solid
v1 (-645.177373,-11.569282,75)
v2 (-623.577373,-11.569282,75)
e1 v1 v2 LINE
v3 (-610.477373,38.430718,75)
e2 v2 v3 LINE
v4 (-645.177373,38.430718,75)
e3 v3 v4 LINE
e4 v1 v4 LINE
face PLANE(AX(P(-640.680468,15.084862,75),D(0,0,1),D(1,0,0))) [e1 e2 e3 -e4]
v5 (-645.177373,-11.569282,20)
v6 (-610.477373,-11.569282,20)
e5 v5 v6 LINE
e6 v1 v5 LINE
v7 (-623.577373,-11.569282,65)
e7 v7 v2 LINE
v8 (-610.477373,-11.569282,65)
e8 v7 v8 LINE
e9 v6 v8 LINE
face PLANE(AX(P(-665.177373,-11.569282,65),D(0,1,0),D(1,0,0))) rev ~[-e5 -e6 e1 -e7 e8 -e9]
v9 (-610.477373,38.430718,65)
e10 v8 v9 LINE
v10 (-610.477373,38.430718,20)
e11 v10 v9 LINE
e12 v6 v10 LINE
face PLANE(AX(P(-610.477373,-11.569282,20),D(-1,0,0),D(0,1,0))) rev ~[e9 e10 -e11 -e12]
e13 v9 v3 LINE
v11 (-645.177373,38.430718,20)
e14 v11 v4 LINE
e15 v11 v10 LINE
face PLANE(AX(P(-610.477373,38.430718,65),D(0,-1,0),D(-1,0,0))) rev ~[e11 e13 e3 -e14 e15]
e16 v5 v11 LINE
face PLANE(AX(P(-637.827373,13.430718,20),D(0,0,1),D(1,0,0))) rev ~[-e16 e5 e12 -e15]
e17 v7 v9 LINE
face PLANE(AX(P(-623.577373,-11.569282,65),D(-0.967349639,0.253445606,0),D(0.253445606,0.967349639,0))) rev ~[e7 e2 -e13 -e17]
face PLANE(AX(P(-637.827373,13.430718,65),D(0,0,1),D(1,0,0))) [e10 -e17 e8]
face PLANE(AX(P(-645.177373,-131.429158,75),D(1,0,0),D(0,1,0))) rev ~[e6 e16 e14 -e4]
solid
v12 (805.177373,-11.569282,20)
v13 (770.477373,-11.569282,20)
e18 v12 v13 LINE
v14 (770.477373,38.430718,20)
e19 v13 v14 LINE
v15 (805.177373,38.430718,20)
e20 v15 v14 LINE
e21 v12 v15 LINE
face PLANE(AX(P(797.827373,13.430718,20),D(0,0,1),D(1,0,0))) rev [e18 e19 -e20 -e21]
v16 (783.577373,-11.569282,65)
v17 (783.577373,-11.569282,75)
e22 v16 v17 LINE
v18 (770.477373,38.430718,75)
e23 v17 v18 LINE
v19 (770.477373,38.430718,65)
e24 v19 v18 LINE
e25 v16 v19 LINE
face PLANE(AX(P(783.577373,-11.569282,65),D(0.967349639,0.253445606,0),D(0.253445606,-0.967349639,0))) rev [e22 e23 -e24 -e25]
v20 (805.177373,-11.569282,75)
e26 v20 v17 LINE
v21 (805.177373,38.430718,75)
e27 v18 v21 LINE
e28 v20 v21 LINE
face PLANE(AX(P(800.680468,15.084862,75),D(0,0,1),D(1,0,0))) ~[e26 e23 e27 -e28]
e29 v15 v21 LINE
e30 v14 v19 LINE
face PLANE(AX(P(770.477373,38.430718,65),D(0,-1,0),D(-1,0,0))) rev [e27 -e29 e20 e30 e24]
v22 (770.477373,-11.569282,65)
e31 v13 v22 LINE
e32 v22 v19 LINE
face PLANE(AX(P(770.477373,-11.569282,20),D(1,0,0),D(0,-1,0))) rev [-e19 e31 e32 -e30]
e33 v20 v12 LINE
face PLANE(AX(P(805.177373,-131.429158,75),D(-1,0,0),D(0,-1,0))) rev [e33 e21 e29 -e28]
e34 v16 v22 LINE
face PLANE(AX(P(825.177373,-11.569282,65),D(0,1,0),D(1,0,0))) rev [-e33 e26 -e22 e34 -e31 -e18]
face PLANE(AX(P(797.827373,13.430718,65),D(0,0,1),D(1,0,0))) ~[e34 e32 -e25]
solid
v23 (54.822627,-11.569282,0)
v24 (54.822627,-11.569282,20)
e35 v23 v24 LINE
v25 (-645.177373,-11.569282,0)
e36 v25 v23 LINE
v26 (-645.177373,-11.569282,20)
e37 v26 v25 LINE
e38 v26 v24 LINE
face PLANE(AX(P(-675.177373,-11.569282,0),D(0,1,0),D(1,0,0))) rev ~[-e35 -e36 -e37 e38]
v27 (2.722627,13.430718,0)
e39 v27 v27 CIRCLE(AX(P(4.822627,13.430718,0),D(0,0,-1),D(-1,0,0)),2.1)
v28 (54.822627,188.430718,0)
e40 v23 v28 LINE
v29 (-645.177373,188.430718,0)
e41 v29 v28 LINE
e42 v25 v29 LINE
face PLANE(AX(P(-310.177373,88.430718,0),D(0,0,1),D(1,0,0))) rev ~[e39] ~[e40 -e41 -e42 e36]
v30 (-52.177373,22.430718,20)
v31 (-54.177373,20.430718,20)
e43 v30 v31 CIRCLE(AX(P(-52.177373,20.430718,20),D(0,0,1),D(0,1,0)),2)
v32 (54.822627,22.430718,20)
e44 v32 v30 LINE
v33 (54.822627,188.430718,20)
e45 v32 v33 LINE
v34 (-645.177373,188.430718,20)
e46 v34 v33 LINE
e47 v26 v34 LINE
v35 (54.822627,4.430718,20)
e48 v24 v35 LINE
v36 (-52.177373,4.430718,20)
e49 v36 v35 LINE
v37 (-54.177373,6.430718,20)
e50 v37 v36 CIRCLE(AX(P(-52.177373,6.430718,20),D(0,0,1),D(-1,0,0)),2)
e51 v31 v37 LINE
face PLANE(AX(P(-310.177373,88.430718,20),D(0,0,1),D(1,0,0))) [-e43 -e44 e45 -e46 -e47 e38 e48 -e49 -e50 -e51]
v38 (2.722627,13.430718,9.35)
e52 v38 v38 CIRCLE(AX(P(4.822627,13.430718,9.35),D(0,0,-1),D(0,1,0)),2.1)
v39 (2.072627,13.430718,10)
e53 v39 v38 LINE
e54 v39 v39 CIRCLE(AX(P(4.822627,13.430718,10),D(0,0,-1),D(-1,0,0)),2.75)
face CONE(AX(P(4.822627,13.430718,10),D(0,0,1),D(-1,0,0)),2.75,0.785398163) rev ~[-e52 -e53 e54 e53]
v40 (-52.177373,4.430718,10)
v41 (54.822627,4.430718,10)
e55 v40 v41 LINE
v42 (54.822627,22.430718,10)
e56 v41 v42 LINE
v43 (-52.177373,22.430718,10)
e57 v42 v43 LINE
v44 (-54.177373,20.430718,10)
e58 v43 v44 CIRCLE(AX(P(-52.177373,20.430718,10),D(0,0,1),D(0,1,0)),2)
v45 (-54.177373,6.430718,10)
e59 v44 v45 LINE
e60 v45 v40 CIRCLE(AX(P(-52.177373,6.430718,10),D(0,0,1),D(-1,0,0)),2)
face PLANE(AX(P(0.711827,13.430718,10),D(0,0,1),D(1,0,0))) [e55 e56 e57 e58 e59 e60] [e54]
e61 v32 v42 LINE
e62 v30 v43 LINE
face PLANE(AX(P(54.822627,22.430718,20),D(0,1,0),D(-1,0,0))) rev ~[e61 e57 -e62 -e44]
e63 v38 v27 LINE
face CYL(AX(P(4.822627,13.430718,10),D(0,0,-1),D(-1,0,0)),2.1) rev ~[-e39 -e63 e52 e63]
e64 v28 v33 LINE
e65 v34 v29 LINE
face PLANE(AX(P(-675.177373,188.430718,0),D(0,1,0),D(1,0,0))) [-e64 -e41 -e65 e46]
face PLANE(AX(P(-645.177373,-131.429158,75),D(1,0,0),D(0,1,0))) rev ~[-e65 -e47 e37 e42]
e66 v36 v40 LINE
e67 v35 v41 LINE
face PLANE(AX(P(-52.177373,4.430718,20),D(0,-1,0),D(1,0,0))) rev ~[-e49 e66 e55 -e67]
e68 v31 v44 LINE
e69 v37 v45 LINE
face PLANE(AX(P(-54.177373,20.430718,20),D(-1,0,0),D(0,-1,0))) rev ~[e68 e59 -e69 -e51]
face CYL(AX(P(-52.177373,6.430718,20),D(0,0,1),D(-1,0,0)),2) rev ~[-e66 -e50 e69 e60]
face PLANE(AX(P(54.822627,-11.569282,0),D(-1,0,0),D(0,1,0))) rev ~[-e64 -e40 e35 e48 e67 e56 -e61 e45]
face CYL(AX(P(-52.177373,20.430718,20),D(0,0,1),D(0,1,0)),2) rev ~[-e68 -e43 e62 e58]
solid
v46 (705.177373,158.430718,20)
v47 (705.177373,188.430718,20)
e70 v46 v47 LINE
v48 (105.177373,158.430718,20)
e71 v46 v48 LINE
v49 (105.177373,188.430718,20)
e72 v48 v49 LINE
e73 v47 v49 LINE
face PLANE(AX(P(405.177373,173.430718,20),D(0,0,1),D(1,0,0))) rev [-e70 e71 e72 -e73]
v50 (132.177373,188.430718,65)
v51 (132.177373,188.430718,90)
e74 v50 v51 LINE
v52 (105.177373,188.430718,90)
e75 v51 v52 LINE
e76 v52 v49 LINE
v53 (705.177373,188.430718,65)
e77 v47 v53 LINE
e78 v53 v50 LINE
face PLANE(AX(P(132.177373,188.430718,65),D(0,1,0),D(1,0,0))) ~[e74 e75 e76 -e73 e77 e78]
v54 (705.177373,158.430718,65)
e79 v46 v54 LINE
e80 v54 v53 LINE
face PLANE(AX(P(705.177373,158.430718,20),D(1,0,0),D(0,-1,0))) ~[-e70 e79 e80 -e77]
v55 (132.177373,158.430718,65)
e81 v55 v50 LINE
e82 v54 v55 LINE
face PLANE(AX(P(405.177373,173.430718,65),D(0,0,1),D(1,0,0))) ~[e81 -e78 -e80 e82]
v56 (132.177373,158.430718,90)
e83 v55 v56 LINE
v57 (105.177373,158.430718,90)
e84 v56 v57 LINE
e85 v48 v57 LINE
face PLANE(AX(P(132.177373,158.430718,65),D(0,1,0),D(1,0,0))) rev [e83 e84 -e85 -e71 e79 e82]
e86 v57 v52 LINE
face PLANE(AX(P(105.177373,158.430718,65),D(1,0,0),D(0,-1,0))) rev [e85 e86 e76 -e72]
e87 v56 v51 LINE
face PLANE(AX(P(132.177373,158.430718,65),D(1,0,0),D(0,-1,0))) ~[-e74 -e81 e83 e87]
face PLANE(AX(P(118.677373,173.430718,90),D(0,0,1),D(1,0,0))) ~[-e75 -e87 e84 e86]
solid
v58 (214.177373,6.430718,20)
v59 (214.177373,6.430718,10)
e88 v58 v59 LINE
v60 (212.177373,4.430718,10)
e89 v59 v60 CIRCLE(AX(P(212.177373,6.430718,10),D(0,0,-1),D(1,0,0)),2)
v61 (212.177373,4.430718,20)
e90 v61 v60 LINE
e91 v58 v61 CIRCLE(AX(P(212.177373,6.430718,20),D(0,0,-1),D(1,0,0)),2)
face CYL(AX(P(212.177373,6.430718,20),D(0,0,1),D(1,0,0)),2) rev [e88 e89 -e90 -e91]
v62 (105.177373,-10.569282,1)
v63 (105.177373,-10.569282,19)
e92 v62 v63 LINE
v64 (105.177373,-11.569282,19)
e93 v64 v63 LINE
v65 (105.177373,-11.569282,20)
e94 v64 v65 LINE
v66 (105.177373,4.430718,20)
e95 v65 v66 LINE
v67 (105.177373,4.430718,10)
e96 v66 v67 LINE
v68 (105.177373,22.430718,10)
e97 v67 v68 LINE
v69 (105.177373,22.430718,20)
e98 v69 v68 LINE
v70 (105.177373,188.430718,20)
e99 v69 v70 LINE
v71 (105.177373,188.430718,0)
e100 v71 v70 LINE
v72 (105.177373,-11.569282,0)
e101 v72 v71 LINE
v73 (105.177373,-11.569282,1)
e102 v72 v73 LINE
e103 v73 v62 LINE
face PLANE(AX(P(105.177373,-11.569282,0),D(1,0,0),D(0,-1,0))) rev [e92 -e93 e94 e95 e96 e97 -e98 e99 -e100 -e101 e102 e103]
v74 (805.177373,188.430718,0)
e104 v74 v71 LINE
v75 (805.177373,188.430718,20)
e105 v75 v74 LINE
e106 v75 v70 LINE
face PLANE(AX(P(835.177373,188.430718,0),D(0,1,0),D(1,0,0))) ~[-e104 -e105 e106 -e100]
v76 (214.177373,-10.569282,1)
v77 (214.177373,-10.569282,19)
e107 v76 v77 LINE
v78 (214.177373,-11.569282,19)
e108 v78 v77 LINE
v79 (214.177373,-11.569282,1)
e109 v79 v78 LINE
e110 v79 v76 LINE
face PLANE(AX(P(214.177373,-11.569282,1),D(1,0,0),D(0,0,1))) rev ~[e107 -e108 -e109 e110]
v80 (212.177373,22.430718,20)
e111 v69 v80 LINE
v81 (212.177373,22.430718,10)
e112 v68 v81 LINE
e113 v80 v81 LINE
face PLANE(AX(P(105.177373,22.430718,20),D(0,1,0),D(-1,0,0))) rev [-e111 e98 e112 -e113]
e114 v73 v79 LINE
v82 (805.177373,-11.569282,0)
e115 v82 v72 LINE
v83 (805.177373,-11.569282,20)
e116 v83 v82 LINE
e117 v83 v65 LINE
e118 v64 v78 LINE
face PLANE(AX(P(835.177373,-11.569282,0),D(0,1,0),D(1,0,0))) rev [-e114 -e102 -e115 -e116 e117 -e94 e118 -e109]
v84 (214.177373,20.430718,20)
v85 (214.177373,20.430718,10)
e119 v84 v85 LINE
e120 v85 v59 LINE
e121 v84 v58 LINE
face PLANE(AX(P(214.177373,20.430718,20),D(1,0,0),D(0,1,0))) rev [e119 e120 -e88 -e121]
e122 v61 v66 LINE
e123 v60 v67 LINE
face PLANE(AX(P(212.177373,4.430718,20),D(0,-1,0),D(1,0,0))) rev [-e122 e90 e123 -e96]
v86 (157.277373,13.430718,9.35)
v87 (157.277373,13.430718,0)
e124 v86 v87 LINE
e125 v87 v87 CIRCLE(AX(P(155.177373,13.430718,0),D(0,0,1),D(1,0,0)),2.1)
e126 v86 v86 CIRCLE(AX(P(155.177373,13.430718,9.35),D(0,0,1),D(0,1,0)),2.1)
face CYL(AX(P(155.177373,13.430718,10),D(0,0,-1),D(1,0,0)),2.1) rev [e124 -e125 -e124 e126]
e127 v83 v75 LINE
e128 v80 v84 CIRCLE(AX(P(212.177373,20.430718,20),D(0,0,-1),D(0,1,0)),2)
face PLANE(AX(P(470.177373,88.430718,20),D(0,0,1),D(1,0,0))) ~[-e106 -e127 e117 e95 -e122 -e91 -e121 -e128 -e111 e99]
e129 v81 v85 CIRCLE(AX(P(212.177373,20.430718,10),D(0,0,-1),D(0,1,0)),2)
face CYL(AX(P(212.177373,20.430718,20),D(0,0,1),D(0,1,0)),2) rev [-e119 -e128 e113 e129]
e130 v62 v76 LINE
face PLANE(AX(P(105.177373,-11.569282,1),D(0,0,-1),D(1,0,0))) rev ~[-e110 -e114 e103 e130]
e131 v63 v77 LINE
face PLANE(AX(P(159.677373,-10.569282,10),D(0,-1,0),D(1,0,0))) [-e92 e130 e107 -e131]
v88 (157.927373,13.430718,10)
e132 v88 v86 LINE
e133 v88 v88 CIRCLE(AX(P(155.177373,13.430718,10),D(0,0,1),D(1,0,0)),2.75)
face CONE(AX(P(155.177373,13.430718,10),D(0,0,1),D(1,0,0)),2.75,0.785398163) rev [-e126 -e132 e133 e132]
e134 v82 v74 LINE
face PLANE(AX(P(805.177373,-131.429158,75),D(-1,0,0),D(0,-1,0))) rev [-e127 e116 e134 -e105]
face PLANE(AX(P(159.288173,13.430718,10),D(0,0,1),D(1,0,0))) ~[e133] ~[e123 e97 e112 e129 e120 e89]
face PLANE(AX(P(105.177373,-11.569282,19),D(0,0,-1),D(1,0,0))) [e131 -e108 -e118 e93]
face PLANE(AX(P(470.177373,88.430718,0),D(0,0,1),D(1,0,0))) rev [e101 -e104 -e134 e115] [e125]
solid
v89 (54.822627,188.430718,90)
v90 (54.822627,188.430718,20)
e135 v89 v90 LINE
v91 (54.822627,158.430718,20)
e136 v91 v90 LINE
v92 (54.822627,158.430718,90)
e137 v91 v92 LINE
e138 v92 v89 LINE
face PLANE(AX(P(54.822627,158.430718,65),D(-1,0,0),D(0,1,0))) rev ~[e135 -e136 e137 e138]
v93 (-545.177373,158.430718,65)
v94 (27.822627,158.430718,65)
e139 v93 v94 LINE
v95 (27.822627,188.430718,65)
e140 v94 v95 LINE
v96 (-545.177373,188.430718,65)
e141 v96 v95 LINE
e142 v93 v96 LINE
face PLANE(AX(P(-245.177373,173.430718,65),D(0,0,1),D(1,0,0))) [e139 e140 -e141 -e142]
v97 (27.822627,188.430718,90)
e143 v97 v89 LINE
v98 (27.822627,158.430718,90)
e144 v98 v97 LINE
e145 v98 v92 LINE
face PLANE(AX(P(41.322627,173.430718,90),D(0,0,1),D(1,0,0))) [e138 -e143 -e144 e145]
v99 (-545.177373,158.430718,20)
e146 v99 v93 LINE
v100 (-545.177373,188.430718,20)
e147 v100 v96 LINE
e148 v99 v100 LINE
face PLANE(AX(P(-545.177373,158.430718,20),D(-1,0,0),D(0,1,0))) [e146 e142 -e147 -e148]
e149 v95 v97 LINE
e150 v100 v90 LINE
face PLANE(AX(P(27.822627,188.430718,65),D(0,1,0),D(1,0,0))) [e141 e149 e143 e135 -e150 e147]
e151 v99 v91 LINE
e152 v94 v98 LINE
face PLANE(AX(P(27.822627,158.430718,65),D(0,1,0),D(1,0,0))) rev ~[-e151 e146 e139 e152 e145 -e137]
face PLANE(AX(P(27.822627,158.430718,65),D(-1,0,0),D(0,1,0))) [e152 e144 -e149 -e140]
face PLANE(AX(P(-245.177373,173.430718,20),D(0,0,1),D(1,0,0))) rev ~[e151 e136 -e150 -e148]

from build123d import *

# Parameters (mm, degrees)
F0_W            = 730
F0_H            = 200
F1_DEPTH        = 20
F2_W            = 600
F2_H            = 30
F3_DEPTH        = 45
F4_W            = 27
F4_H            = 30
F5_DEPTH        = 25
F6_W            = 54.7
F6_H            = 50
F7_DEPTH        = 45
F9_DEPTH        = 10
F11_DEPTH       = 10
F13_D           = 4.2
F13_CSINK_D     = 5.5
F13_CSINK_ANGLE = 90
F14_W           = 20
F14_H           = 50
F15_DEPTH       = 75.001
F18_W           = 109
F18_H           = 18
F19_DEPTH       = 1


with BuildPart() as f1:
    # F0 (on Top) → F1 (new body)
    with BuildSketch(Plane.XY):
        with Locations((-310.177372545, 88.43071796)):
            Rectangle(F0_W, F0_H)
    extrude(amount=F1_DEPTH)

    # F10 (on face) → F11 (cut)
    with BuildSketch(Plane.XY.offset(20)):
        with BuildLine():
            Line((54.822627455, 4.43071796), (54.822627455, 22.43071796))
            Line((54.822627455, 22.43071796), (-52.177372545, 22.43071796))
            ThreePointArc((-52.177372545, 22.43071796), (-53.5915861074, 21.8449315224), (-54.177372545, 20.43071796))
            Line((-54.177372545, 20.43071796), (-54.177372545, 6.43071796))
            ThreePointArc((-54.177372545, 6.43071796), (-53.5915861074, 5.0165043976), (-52.177372545, 4.43071796))
            Line((-52.177372545, 4.43071796), (54.822627455, 4.43071796))
        make_face()
    extrude(amount=-F11_DEPTH, mode=Mode.SUBTRACT)

    # F13 (through all)
    with Locations(Plane.XY.offset(10)):
        with Locations((4.822627455, 13.43071796)):
            CounterSinkHole(F13_D / 2, F13_CSINK_D / 2, counter_sink_angle=F13_CSINK_ANGLE)


with BuildPart() as f3:
    # F2 (on face) → F3 (new body)
    with BuildSketch(Plane.XY.offset(20)):
        with Locations((-245.177372545, 173.43071796)):
            Rectangle(F2_W, F2_H)
    extrude(amount=F3_DEPTH)

    # F4 (on face) → F5 (join)
    with BuildSketch(Plane.XY.offset(65)):
        with Locations((41.322627455, 173.43071796)):
            Rectangle(F4_W, F4_H)
    extrude(amount=F5_DEPTH)


with BuildPart() as f7:
    # F6 (on face) → F7 (new body)
    with BuildSketch(Plane.XY.offset(20)):
        with Locations((-637.827372545, 13.43071796)):
            Rectangle(F6_W, F6_H)
    extrude(amount=F7_DEPTH)

    # F8 (on face) → F9 (join)
    with BuildSketch(Plane.XY.offset(65)):
        Polygon((-610.477372545, 38.43071796), (-665.177372545, 38.43071796), (-665.177372545, -11.56928204), (-623.577372545, -11.56928204), align=None)
    extrude(amount=F9_DEPTH)


with BuildPart() as f15_tool:
    # F14 (on face) → F15 (new body, through all)
    with BuildSketch(Plane.XY.offset(75)):
        Polygon((-645.177372545, 305.616747176), (-700.3073955111, 305.616747176), (-700.3073955111, -131.4291577393), (-645.177372545, -131.4291577393), (-645.177372545, -11.56928204), (-665.177372545, -11.56928204), (-665.177372545, 38.43071796), (-645.177372545, 38.43071796), align=None)
        with Locations((-655.177372545, 13.43071796)):
            Rectangle(F14_W, F14_H)
    extrude(amount=-F15_DEPTH)


with BuildPart() as f1_1:
    add(f1.part)

    # F15: cut by f15_tool
    add(f15_tool.part, mode=Mode.SUBTRACT)


with BuildPart() as f7_1:
    add(f7.part)

    # F15: cut by f15_tool
    add(f15_tool.part, mode=Mode.SUBTRACT)


with BuildPart() as f17_1:
    # F17: instance of F1
    add(f1_1.part.mirror(Plane.YZ.offset(80)))

    # F18 (on face) → F19 (cut)
    with BuildSketch(Plane.XZ.offset(11.56928204)):
        with Locations((159.677372545, 10)):
            Rectangle(F18_W, F18_H)
    extrude(amount=-F19_DEPTH, mode=Mode.SUBTRACT)


with BuildPart() as f17_2:
    # F17: instance of F3
    add(f3.part.mirror(Plane.YZ.offset(80)))


with BuildPart() as f17_3:
    # F17: instance of F7
    add(f7_1.part.mirror(Plane.YZ.offset(80)))


solid = Compound([f3.part, f1_1.part, f7_1.part, f17_1.part, f17_2.part, f17_3.part])
